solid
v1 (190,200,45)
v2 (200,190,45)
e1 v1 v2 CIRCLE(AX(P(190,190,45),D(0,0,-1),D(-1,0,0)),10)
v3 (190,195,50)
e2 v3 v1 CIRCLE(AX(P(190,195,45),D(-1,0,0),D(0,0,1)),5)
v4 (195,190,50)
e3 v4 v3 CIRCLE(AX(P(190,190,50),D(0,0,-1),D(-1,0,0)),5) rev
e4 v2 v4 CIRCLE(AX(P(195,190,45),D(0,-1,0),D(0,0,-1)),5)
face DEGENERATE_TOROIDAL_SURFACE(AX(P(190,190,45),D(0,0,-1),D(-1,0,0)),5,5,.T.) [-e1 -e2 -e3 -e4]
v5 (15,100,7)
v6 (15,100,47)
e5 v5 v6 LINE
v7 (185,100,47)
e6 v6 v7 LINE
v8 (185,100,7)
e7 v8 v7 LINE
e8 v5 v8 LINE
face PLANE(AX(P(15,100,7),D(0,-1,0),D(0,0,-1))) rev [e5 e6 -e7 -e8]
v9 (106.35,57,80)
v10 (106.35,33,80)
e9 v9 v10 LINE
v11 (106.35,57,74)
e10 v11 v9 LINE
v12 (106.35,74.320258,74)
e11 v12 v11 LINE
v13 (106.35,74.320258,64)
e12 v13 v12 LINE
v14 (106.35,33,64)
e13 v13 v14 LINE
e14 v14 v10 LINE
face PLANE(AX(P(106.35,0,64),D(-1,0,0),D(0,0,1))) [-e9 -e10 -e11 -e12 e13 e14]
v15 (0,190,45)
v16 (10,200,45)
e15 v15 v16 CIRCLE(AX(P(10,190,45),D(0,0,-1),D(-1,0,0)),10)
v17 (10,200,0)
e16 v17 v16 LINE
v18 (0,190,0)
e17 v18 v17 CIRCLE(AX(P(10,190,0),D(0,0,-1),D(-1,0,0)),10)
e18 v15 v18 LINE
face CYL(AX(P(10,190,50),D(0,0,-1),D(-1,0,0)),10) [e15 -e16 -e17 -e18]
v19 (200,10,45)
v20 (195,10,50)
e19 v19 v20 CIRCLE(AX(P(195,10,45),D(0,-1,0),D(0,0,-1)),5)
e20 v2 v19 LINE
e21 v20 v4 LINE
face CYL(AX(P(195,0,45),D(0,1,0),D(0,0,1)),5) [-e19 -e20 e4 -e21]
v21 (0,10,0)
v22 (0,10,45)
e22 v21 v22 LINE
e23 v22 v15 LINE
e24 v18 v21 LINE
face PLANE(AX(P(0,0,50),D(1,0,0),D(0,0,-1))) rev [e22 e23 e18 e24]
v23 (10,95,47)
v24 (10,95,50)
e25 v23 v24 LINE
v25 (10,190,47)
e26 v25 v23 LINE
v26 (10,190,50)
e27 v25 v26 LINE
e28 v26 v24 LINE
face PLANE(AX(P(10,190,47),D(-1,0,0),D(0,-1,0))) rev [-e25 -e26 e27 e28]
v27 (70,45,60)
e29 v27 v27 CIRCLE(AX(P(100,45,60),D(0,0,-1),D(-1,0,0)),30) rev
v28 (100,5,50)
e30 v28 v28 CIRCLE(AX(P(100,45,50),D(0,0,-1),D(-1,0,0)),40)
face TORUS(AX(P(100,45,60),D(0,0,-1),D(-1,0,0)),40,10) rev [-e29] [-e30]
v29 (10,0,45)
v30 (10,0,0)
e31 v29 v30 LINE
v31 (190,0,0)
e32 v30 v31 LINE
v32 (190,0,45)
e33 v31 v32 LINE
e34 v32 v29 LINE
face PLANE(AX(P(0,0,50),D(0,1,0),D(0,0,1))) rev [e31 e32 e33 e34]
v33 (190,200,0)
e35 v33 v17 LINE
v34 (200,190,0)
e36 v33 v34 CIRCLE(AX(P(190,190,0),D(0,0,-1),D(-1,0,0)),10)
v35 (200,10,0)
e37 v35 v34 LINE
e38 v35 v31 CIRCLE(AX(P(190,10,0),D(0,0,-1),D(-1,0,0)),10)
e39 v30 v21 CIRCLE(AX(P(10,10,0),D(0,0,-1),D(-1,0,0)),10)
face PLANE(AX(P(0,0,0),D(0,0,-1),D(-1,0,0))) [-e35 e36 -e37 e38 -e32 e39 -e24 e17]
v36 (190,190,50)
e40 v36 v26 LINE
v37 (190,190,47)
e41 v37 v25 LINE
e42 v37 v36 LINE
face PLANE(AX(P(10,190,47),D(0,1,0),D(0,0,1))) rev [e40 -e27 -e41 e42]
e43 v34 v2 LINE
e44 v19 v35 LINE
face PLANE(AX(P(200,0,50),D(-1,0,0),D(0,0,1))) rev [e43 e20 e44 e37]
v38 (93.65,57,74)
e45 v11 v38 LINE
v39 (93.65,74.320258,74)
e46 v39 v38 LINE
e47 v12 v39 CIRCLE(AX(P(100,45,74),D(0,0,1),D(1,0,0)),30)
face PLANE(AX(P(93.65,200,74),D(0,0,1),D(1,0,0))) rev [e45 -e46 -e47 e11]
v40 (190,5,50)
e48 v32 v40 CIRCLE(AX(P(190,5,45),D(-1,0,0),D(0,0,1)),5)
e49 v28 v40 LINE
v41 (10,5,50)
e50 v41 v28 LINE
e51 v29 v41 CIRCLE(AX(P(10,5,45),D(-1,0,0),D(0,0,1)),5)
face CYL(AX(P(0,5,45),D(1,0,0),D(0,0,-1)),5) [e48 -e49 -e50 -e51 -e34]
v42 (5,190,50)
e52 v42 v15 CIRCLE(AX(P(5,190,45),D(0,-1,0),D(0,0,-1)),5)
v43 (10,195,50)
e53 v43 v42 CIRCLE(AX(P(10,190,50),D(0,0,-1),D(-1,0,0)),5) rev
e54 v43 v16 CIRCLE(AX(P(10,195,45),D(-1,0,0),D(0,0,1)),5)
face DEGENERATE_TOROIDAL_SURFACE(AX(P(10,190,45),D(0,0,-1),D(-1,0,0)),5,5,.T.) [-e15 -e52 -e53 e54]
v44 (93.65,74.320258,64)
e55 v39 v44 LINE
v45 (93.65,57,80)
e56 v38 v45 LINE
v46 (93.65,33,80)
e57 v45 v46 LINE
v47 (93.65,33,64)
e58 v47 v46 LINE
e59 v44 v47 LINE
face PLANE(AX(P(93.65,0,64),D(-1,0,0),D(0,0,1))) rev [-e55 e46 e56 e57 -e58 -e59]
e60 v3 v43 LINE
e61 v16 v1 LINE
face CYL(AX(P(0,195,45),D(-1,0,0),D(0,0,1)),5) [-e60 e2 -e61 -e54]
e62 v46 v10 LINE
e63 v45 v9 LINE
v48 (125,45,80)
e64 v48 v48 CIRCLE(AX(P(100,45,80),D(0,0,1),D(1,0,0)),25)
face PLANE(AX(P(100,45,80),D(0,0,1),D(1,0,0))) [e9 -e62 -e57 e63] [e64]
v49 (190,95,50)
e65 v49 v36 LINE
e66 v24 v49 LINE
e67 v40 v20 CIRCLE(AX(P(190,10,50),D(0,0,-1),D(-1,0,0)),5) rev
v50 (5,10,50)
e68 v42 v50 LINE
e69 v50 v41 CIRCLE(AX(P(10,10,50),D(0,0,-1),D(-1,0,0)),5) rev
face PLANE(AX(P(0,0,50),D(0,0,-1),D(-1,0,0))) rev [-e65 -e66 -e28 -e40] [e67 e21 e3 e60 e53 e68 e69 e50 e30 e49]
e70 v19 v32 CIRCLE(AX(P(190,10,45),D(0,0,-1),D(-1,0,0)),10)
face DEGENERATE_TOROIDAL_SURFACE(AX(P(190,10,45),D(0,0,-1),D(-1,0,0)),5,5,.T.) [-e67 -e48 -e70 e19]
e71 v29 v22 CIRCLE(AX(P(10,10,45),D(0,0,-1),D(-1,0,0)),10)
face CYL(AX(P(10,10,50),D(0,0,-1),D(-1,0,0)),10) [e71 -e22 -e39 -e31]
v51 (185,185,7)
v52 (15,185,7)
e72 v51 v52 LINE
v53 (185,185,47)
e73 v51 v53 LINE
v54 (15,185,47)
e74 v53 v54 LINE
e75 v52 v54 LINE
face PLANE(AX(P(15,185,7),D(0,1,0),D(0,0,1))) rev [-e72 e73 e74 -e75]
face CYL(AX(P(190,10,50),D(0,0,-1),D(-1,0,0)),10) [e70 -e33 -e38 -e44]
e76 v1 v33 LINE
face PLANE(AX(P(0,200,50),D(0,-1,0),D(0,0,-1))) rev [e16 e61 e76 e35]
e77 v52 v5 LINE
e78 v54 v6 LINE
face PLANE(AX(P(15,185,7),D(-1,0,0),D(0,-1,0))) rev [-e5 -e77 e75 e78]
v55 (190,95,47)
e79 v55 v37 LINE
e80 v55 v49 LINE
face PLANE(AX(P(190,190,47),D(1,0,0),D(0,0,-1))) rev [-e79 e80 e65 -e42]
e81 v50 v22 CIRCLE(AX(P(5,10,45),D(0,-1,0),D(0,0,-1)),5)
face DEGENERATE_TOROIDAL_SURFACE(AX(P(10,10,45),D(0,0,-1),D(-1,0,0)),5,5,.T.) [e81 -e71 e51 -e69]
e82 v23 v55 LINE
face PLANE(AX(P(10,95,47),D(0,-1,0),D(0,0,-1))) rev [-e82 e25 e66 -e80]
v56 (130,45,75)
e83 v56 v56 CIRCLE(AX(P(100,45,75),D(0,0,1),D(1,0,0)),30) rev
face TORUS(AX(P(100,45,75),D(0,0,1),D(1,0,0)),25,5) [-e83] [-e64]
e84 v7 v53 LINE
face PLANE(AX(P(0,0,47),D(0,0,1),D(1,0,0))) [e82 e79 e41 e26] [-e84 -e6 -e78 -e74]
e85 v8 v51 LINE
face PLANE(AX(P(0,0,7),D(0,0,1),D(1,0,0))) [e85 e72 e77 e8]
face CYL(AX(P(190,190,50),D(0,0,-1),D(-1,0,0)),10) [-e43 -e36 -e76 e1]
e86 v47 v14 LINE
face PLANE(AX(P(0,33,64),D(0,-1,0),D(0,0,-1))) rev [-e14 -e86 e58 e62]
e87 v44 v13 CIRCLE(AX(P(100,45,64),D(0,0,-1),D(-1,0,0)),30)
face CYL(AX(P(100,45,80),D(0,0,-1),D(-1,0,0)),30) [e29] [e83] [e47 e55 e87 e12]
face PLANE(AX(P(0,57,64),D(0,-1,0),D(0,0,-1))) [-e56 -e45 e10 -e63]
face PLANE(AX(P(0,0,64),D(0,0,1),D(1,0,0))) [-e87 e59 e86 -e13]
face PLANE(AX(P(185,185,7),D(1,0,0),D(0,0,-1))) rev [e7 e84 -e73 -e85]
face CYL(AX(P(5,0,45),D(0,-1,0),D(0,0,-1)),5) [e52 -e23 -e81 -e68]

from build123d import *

# Parameters (mm, degrees)
SKICA1_W                 = 200.00000000000003
SKICA1_H                 = 200.00000000000003
P_IDAT_VYSUNUT_M3_DEPTH  = 50
ZAOBLIT1_R               = 10
SKICA2_R                 = 29.999999999999996
P_IDAT_VYSUNUT_M4_DEPTH  = 30
ZAOBLIT2_R               = 10
ZAOBLIT3_R               = 5
ODEBRAT_VYSUNUT_M1_DEPTH = 3
ODEBRAT_VYSUNUT_M2_DEPTH = 40
ZAOBLIT5_R               = 5
ODEBRAT_VYSUNUT_M3_DEPTH = 16
SKICA10_W                = 12.699999999999989
SKICA10_H                = 10
ODEBRAT_VYSUNUT_M4_DEPTH = 259.5517356352496


with BuildPart() as part:
    # Skica1 → Přidat vysunutím3 (new body)
    with BuildSketch(Plane.XY):
        with Locations((100.00000000000001, 100.00000000000001)):
            Rectangle(SKICA1_W, SKICA1_H)
    extrude(amount=P_IDAT_VYSUNUT_M3_DEPTH)

    # Zaoblit1
    zaoblit1_edges = [part.edges().sort_by_distance(p)[0] for p in [
        (0, 200, 25),
        (200, 200, 25),
        (200, 0, 25),
        (0, 0, 25),
    ]]
    fillet(zaoblit1_edges, radius=ZAOBLIT1_R)

    # Skica2 → Přidat vysunutím4 (add)
    with BuildSketch(Plane.XY.offset(50)):
        with Locations(Location((100, 45.000000000000014, 0), (0, 0, 180))):
            Circle(SKICA2_R)
    extrude(amount=P_IDAT_VYSUNUT_M4_DEPTH)

    # Zaoblit2
    zaoblit2_edges = [part.edges().sort_by_distance(p)[0] for p in [
        (130, 45.00000000000001, 50),
    ]]
    fillet(zaoblit2_edges, radius=ZAOBLIT2_R)

    # Zaoblit3
    zaoblit3_edges = [part.edges().sort_by_distance(p)[0] for p in [
        (130, 45.00000000000001, 80),
    ]]
    fillet(zaoblit3_edges, radius=ZAOBLIT3_R)

    # Skica4 → Odebrat vysunutím1 (cut)
    with BuildSketch(Plane.XY.offset(50)):
        Polygon((10, 190), (190, 190), (190, 95.00000000000001), (10.000000000000012, 95.00000000000001), align=None)
    extrude(amount=-ODEBRAT_VYSUNUT_M1_DEPTH, mode=Mode.SUBTRACT)

    # Skica7 → Odebrat vysunutím2 (cut)
    with BuildSketch(Plane.XY.offset(47)):
        Polygon((14.999999999999998, 185), (185, 185), (185, 100.00000000000001), (15.00000000000001, 100.00000000000001), align=None)
    extrude(amount=-ODEBRAT_VYSUNUT_M2_DEPTH, mode=Mode.SUBTRACT)

    # Zaoblit5
    zaoblit5_edges = [part.edges().sort_by_distance(p)[0] for p in [
        (200, 100, 50),
        (100, 0, 50),
        (0, 100, 50),
        (100, 200, 50),
        (2.9289321881345236, 2.9289321881345227, 50),
        (2.9289321881345236, 197.07106781186548, 50),
        (197.07106781186548, 197.07106781186548, 50),
        (197.07106781186548, 2.9289321881345236, 50),
    ]]
    fillet(zaoblit5_edges, radius=ZAOBLIT5_R)

    # Skica9 → Odebrat vysunutím3 (cut)
    with BuildSketch(Plane.XY.offset(80)):
        Polygon((99.99999999999999, 45.000000000000014), (93.64999999999999, 57.000000000000014), (93.64999999999999, 45.000000000000014), align=None)
        Polygon((100, 57.000000000000014), (93.64999999999999, 57.000000000000014), (99.99999999999999, 45.000000000000014), align=None)
        Polygon((100, 57.000000000000014), (100, 45.00000000000002), (106.35, 57.000000000000014), align=None)
        Polygon((106.35, 57.000000000000014), (100, 45.00000000000003), (106.35, 45.000000000000014), align=None)
        Polygon((106.35, 45.000000000000014), (100, 45.000000000000014), (106.35, 33.000000000000014), align=None)
        Polygon((106.35, 33.000000000000014), (99.99999999999999, 45.000000000000014), (100, 33.000000000000014), align=None)
        Polygon((100, 33.000000000000014), (100, 45.00000000000002), (93.64999999999999, 33.000000000000014), align=None)
        Polygon((93.64999999999999, 33.000000000000014), (100, 45.00000000000003), (93.64999999999999, 45.000000000000014), align=None)
    extrude(amount=-ODEBRAT_VYSUNUT_M3_DEPTH, mode=Mode.SUBTRACT)

    # Skica10 → Odebrat vysunutím4 (cut, through all)
    with BuildSketch(Plane(origin=(0, 57.000000000000014, 0), x_dir=(-1, 0, 0), z_dir=(0, -1, 0))):
        with Locations((-99.99999999999999, -69)):
            Rectangle(SKICA10_W, SKICA10_H)
    extrude(amount=-ODEBRAT_VYSUNUT_M4_DEPTH, mode=Mode.SUBTRACT)


solid = part.part
